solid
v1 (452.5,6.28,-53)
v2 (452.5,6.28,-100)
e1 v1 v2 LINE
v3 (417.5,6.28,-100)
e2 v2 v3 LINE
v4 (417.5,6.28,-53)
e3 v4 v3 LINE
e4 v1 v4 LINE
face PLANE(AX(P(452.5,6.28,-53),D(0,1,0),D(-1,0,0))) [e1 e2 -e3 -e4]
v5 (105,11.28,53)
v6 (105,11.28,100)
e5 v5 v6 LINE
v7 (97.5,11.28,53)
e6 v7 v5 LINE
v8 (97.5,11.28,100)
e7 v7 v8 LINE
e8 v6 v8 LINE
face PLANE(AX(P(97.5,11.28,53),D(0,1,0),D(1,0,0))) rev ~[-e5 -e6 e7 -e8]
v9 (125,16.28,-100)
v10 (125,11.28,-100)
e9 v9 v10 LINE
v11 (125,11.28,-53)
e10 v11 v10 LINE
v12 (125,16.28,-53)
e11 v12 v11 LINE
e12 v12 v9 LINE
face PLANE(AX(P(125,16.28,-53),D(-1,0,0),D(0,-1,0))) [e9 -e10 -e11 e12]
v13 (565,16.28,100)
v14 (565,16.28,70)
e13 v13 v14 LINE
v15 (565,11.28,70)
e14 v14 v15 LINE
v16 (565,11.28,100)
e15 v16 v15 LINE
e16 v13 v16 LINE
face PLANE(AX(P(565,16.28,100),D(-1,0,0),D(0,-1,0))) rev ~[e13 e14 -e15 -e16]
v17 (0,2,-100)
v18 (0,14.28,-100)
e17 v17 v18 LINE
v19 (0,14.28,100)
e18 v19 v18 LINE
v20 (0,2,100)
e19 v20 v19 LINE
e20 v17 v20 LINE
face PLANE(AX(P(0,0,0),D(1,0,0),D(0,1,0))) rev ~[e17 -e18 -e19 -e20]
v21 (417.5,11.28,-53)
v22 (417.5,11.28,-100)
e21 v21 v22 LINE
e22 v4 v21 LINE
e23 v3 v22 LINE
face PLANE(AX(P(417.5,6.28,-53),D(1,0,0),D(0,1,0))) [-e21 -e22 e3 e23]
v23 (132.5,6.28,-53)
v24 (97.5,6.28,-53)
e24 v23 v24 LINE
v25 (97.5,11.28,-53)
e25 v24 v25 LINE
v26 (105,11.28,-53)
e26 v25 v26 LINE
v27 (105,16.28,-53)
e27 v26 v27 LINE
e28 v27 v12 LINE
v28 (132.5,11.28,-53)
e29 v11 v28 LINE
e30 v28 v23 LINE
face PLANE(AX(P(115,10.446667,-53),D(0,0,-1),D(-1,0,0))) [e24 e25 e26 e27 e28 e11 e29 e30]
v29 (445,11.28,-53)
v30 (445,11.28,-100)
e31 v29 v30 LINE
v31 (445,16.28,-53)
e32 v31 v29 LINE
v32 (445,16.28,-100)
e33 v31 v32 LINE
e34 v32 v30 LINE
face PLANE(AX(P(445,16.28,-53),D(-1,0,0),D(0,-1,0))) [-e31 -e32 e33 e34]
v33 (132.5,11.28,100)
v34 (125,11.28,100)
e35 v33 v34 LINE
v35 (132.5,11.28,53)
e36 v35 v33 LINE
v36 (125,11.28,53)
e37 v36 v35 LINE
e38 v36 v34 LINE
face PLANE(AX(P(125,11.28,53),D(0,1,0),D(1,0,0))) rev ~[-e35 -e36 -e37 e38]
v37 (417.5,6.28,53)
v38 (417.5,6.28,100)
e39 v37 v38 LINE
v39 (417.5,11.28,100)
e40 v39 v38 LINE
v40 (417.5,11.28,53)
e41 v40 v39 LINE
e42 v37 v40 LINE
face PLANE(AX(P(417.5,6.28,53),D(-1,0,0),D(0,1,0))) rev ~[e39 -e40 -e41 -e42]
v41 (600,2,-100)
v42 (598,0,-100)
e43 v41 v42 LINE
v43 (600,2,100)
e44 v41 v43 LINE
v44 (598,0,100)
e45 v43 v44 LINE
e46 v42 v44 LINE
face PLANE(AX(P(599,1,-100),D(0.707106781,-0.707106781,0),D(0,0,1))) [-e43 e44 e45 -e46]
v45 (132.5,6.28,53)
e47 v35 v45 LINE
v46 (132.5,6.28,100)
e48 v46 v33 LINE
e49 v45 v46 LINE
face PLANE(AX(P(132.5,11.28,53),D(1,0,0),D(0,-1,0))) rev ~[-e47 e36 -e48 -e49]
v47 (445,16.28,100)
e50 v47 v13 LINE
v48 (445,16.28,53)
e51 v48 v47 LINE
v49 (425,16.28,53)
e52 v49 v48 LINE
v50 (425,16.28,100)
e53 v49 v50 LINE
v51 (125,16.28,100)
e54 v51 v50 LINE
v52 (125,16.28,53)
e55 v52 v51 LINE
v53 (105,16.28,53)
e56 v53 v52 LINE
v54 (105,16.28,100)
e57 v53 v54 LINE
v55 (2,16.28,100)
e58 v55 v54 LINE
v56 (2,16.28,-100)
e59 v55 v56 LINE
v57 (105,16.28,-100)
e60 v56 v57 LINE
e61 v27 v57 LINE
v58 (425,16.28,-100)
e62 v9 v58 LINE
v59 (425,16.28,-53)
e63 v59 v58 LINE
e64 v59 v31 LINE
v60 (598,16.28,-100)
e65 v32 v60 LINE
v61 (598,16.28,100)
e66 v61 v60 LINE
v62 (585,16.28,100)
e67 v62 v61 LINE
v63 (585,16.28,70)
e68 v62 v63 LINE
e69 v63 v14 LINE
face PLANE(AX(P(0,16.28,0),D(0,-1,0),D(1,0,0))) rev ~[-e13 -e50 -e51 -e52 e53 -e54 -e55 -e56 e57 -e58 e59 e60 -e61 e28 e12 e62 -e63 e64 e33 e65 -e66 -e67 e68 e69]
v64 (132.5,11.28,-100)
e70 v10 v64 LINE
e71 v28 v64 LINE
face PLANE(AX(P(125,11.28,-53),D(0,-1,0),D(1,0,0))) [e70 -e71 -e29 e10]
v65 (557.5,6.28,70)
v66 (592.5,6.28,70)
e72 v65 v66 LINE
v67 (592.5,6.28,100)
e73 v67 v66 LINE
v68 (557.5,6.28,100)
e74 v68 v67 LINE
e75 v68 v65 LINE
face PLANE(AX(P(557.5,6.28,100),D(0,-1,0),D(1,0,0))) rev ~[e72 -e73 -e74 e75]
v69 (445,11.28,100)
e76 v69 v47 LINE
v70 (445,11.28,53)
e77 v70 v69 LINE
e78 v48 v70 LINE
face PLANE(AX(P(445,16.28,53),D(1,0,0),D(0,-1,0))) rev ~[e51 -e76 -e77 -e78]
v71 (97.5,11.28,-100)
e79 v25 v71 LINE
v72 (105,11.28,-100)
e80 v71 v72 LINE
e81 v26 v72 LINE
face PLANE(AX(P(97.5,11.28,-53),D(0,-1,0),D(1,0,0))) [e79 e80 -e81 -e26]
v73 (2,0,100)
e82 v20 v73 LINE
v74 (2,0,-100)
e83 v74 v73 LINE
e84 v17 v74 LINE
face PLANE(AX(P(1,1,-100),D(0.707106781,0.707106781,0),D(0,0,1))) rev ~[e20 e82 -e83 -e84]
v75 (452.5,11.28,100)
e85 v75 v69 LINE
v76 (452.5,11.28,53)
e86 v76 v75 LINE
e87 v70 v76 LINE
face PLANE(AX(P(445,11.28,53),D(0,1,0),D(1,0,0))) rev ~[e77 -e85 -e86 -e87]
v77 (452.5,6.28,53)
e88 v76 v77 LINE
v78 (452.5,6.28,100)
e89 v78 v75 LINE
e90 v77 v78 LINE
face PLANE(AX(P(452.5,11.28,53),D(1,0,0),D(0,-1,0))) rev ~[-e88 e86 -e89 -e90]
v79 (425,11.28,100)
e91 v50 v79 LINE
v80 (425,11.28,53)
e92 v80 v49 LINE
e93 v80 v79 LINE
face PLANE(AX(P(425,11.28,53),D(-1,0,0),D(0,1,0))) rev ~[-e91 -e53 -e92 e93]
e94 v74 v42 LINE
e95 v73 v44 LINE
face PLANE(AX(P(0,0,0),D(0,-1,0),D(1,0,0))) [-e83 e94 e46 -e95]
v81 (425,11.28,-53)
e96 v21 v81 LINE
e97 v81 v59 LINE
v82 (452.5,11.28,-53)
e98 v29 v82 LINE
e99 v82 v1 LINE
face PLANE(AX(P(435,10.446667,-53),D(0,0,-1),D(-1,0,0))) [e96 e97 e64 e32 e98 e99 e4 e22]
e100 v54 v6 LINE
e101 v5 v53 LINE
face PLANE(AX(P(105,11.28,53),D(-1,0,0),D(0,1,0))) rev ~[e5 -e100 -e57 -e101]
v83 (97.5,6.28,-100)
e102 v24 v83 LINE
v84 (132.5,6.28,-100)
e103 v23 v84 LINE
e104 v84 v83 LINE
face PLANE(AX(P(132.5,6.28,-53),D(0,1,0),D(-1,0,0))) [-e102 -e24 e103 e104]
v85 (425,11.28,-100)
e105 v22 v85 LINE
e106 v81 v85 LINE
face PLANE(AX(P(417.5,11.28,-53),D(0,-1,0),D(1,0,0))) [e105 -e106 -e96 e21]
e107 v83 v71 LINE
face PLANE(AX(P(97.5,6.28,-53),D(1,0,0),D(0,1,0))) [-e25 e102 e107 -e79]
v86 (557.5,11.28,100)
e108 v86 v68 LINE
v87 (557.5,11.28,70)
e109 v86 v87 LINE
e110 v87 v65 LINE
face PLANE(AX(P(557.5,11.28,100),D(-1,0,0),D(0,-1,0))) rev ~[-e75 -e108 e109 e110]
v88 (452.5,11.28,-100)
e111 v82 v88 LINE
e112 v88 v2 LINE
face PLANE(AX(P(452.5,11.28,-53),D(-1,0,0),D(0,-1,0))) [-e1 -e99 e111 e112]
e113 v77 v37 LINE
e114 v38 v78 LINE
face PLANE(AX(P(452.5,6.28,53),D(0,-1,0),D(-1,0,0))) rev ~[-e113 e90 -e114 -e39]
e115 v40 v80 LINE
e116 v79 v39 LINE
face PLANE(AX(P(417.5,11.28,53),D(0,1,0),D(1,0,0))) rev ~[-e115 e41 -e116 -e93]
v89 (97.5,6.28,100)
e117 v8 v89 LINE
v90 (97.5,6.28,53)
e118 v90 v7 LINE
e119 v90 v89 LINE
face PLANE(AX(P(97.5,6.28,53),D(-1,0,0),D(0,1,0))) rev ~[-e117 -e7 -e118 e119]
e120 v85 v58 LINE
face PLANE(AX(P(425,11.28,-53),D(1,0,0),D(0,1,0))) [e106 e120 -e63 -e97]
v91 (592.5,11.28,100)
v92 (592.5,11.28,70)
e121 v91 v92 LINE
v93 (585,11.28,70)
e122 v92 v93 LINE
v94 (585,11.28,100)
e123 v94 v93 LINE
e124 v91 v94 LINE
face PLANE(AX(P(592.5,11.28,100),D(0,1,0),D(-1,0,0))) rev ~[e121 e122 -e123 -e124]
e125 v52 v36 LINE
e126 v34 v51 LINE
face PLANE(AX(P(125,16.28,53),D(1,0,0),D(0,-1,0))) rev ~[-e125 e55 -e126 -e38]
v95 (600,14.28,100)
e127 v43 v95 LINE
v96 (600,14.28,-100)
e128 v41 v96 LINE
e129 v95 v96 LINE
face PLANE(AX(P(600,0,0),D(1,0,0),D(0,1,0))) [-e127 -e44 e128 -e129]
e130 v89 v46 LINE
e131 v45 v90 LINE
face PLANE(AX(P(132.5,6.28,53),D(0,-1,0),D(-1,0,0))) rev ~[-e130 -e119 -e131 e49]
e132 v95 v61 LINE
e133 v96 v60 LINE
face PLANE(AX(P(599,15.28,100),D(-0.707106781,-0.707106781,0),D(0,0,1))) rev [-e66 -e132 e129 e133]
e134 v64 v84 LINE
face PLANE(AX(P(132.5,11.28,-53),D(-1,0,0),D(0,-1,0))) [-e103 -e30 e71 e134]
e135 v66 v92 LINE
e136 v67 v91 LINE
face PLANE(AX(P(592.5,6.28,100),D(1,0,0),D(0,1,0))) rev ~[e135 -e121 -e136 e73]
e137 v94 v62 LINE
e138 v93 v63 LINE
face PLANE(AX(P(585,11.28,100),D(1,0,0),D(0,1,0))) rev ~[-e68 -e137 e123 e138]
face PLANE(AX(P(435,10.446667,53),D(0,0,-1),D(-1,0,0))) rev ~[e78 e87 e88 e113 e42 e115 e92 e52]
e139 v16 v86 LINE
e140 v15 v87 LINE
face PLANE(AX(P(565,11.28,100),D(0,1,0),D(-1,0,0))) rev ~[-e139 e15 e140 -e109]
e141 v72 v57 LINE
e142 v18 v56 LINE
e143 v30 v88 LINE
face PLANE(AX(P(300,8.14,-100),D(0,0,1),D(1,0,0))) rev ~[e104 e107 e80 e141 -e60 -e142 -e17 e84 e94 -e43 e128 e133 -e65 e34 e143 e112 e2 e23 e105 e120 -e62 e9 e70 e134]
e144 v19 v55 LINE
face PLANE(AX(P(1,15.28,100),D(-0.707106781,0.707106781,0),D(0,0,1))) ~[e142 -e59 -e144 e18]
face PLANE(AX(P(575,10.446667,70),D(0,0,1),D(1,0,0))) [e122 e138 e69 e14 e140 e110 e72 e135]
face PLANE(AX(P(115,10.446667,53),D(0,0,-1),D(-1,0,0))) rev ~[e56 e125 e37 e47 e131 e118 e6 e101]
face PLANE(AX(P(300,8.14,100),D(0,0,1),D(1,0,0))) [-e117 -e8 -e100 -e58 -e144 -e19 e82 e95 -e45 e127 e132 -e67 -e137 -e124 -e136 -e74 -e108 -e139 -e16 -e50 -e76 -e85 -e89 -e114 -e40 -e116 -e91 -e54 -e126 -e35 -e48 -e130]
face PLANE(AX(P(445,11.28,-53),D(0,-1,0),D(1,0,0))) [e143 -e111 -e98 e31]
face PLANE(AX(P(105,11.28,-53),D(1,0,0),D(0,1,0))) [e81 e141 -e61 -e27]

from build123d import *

# Parameters (mm, degrees)
ESQUISSE1_W             = 600
ESQUISSE1_H             = 16.28
BOSS_EXTRU_1_DEPTH      = 100
CHANFREIN1_SIZE         = 2
ENL_V_START             = -53
ENL_V_MAT_EXTRU_1_DEPTH = 48
ENL_V_START_2           = 53
ENL_V_MAT_EXTRU_2_DEPTH = 48
ENL_V_START_3           = 100
ENL_V_MAT_EXTRU_4_DEPTH = 30


with BuildPart() as part:
    # Esquisse1 → Boss.-Extru.1 (new body, symmetric)
    with BuildSketch(Plane.XY):
        with Locations((300, 8.14)):
            Rectangle(ESQUISSE1_W, ESQUISSE1_H)
    extrude(amount=BOSS_EXTRU_1_DEPTH, both=True)

    # Chanfrein1
    chanfrein1_edges = [part.edges().sort_by_distance(p)[0] for p in [
        (600, 16.28, 0),
        (600, 0, 0),
        (0, 0, 0),
        (0, 16.28, 0),
    ]]
    chamfer(chanfrein1_edges, length=CHANFREIN1_SIZE)

    # Esquisse1_4 → Enl_v. mat.-Extru.1 (cut, through all)
    with BuildSketch(Plane.XY.offset(ENL_V_START)):
        Polygon((105, 16.28), (125, 16.28), (125, 11.28), (132.5, 11.28), (132.5, 6.28), (97.5, 6.28), (97.5, 11.28), (105, 11.28), align=None)
        Polygon((425, 16.28), (445, 16.28), (445, 11.28), (452.5, 11.28), (452.5, 6.28), (417.5, 6.28), (417.5, 11.28), (425, 11.28), align=None)
    extrude(amount=-ENL_V_MAT_EXTRU_1_DEPTH, mode=Mode.SUBTRACT)

    # Esquisse1_5 → Enl_v. mat.-Extru.2 (cut, through all)
    with BuildSketch(Plane.XY.offset(ENL_V_START_2)):
        Polygon((105, 16.28), (125, 16.28), (125, 11.28), (132.5, 11.28), (132.5, 6.28), (97.5, 6.28), (97.5, 11.28), (105, 11.28), align=None)
        Polygon((425, 16.28), (445, 16.28), (445, 11.28), (452.5, 11.28), (452.5, 6.28), (417.5, 6.28), (417.5, 11.28), (425, 11.28), align=None)
    extrude(amount=ENL_V_MAT_EXTRU_2_DEPTH, mode=Mode.SUBTRACT)

    # Esquisse1_9 → Enl_v. mat.-Extru.4 (cut)
    with BuildSketch(Plane.XY.offset(ENL_V_START_3)):
        Polygon((585, 11.28), (585, 16.28), (565, 16.28), (565, 11.28), (557.5, 11.28), (557.5, 6.28), (592.5, 6.28), (592.5, 11.28), align=None)
    extrude(amount=-ENL_V_MAT_EXTRU_4_DEPTH, mode=Mode.SUBTRACT)


solid = part.part
